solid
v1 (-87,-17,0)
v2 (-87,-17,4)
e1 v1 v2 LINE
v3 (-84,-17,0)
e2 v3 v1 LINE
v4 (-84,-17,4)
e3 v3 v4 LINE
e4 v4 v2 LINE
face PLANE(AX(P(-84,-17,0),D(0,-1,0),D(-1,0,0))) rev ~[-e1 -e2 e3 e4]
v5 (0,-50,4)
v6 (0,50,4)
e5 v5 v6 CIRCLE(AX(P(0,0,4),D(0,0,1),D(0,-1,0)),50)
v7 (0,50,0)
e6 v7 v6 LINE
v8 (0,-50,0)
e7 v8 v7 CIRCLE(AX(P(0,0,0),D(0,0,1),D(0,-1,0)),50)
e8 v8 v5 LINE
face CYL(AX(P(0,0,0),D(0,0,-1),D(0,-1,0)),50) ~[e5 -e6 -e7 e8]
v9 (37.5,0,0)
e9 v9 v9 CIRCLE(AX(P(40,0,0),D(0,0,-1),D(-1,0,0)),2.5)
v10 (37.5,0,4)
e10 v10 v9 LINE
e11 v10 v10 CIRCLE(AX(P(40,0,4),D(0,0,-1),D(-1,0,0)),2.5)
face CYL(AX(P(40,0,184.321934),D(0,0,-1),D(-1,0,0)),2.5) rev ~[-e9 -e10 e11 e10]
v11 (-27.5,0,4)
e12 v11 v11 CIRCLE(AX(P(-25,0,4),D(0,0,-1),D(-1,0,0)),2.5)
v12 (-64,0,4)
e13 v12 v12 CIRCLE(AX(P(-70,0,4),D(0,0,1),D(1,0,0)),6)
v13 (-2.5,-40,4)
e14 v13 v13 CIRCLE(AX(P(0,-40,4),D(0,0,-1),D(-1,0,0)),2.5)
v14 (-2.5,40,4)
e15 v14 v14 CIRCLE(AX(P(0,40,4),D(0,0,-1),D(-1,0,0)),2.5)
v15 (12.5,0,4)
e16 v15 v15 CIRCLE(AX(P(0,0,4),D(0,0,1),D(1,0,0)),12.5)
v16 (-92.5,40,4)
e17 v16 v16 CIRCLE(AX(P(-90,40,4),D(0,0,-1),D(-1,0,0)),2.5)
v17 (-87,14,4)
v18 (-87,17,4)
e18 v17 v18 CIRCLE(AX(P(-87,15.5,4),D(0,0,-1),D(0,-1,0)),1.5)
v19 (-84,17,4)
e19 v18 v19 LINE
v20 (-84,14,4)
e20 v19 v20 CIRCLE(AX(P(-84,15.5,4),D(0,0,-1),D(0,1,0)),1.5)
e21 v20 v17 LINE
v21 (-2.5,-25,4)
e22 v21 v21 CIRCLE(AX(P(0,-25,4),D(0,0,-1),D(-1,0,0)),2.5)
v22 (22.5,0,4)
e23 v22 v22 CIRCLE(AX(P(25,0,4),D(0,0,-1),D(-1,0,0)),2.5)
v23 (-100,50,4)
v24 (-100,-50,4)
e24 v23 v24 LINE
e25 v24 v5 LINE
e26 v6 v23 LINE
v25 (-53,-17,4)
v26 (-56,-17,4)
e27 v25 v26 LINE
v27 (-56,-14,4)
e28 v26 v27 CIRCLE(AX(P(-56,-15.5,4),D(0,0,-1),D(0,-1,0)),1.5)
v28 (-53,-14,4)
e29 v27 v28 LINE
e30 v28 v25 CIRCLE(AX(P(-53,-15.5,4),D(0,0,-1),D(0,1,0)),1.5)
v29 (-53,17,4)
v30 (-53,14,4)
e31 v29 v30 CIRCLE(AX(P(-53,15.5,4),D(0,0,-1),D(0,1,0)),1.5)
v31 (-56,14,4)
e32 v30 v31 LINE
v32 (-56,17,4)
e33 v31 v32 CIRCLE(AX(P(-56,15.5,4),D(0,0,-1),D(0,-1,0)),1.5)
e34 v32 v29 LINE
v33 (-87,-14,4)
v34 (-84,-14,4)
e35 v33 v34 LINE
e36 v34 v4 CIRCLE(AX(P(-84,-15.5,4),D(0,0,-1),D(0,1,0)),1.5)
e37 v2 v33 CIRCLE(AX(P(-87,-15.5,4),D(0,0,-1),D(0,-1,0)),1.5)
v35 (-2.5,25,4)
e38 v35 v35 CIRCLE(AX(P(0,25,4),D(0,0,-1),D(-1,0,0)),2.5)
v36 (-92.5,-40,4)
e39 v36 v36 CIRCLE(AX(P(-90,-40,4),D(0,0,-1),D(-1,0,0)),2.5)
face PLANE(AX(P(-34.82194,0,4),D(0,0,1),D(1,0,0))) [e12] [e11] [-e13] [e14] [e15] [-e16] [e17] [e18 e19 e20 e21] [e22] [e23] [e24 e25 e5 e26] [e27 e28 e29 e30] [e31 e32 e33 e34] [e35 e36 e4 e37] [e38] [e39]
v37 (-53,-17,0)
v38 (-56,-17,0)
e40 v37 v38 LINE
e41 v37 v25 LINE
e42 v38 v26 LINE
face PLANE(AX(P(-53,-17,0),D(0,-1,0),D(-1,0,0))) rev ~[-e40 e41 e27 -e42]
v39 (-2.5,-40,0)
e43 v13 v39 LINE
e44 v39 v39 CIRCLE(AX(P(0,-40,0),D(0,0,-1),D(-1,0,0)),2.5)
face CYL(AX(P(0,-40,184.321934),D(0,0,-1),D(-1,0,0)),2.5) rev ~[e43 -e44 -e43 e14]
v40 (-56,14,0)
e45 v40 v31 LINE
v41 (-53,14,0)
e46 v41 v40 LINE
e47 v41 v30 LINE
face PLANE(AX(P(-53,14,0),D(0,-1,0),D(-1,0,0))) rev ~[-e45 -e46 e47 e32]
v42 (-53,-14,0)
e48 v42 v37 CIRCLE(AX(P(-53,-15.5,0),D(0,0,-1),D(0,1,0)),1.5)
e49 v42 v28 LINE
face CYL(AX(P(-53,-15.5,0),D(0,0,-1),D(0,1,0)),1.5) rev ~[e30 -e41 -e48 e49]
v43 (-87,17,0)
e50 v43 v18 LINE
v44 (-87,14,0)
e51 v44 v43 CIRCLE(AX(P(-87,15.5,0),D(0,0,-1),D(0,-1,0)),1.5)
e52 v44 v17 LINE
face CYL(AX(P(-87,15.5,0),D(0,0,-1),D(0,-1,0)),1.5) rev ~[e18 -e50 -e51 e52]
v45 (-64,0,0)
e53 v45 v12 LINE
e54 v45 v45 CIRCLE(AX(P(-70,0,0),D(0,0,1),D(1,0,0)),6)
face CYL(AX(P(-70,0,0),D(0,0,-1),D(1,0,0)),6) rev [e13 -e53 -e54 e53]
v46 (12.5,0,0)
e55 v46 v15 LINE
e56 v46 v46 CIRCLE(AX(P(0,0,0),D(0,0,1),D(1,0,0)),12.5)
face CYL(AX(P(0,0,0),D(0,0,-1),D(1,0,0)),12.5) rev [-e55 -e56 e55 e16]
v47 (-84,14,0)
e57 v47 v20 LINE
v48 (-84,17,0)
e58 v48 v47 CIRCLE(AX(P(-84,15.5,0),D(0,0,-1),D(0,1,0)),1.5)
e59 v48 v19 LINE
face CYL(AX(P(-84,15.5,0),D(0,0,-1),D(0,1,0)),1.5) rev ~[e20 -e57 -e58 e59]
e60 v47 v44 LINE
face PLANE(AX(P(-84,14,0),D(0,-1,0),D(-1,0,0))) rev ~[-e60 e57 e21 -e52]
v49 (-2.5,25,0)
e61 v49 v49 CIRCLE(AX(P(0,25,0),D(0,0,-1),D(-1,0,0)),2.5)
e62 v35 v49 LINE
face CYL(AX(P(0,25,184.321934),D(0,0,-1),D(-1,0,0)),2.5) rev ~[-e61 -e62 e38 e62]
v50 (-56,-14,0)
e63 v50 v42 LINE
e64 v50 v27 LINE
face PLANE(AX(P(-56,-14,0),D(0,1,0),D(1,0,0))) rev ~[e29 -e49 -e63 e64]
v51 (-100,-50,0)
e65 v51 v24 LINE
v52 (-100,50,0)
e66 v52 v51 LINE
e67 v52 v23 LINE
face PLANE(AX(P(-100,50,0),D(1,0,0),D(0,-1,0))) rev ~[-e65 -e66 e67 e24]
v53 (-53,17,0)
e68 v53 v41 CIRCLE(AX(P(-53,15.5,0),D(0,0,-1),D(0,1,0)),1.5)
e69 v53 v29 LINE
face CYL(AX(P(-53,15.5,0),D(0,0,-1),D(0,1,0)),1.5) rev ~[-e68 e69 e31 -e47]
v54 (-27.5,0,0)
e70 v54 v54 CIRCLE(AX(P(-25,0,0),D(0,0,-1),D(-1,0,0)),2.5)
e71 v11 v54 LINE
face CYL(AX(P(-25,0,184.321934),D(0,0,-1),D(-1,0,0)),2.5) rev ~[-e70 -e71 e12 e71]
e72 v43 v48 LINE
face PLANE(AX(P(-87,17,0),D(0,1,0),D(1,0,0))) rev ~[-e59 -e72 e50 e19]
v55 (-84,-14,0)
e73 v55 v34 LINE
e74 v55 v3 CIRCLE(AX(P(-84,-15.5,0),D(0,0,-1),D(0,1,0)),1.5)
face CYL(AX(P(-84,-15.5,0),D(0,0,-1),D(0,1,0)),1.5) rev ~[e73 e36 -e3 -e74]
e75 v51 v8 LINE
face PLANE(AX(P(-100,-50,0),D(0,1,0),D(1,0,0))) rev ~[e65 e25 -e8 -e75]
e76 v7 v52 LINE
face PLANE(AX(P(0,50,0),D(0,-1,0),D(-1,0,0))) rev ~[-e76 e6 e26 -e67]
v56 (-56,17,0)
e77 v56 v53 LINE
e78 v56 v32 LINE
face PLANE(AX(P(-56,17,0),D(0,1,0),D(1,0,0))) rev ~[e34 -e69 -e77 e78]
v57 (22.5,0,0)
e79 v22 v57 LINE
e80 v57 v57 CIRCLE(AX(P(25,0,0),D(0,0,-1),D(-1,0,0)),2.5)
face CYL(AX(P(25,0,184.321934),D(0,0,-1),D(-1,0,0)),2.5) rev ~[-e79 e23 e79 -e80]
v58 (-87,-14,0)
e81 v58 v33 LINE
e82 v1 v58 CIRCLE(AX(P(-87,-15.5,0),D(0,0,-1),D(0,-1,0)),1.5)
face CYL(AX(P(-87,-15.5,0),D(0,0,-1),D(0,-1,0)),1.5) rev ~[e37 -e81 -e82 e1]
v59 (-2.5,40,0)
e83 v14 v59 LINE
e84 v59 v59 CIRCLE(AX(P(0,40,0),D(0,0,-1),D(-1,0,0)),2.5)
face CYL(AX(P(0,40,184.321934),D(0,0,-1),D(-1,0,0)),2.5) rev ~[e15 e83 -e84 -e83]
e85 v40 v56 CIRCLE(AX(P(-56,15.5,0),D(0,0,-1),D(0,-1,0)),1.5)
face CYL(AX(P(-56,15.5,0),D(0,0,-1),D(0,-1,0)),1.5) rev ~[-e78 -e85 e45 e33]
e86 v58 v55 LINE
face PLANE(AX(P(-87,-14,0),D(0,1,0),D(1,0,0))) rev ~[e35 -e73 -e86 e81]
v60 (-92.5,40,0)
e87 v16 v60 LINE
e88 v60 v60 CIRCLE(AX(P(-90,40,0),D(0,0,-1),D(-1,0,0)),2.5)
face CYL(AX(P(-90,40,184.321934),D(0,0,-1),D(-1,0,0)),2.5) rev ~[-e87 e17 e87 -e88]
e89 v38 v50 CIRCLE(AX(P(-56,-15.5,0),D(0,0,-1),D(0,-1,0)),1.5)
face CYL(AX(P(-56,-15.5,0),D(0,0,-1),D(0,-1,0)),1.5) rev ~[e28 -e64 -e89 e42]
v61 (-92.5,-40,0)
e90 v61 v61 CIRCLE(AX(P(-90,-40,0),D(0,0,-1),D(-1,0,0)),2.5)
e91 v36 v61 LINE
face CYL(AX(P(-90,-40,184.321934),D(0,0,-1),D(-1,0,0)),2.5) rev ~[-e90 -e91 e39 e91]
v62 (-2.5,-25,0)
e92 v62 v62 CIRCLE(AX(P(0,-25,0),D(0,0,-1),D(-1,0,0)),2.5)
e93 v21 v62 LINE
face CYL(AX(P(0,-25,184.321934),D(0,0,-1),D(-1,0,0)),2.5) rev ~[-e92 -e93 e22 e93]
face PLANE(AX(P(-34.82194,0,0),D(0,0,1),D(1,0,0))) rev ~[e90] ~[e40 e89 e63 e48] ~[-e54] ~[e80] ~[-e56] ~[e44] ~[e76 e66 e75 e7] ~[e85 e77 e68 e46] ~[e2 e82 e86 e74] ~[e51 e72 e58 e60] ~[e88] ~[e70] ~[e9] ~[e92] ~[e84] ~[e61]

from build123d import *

# Parameters (mm, degrees)
F0_R     = 6
F0_R_2   = 12.5
F1_DEPTH = 4
F3_D     = 5


with BuildPart() as f1:
    # F0 (on Top) → F1 (new body)
    with BuildSketch(Plane.XY):
        with BuildLine():
            Line((-100, -50), (0, -50))
            ThreePointArc((0, -50), (50, 0), (0, 50))
            Line((0, 50), (-100, 50))
            Line((-100, 50), (-100, -50))
        make_face()
        with BuildLine():
            ThreePointArc((-87, -17), (-88.5, -15.5), (-87, -14))
            Line((-87, -14), (-84, -14))
            ThreePointArc((-84, -14), (-82.5, -15.5), (-84, -17))
            Line((-84, -17), (-87, -17))
        make_face(mode=Mode.SUBTRACT)
        with BuildLine():
            Line((-56, -14), (-53, -14))
            ThreePointArc((-53, -14), (-51.5, -15.5), (-53, -17))
            Line((-53, -17), (-56, -17))
            ThreePointArc((-56, -17), (-57.5, -15.5), (-56, -14))
        make_face(mode=Mode.SUBTRACT)
        with Locations((-70, 0)):
            Circle(F0_R, mode=Mode.SUBTRACT)
        with BuildLine():
            ThreePointArc((-87, 14), (-88.5, 15.5), (-87, 17))
            Line((-87, 17), (-84, 17))
            ThreePointArc((-84, 17), (-82.5, 15.5), (-84, 14))
            Line((-84, 14), (-87, 14))
        make_face(mode=Mode.SUBTRACT)
        with BuildLine():
            ThreePointArc((-56, 14), (-57.5, 15.5), (-56, 17))
            Line((-56, 17), (-53, 17))
            ThreePointArc((-53, 17), (-51.5, 15.5), (-53, 14))
            Line((-53, 14), (-56, 14))
        make_face(mode=Mode.SUBTRACT)
        Circle(F0_R_2, mode=Mode.SUBTRACT)
    extrude(amount=F1_DEPTH)

    # F3 (through all)
    with Locations(Plane.XY.offset(4)):
        with Locations((0, 40), (40, 0), (0, -40), (-90, 40), (-90, -40), (0, 25), (25, 0), (0, -25), (-25, 0)):
            Hole(F3_D / 2)


solid = f1.part
